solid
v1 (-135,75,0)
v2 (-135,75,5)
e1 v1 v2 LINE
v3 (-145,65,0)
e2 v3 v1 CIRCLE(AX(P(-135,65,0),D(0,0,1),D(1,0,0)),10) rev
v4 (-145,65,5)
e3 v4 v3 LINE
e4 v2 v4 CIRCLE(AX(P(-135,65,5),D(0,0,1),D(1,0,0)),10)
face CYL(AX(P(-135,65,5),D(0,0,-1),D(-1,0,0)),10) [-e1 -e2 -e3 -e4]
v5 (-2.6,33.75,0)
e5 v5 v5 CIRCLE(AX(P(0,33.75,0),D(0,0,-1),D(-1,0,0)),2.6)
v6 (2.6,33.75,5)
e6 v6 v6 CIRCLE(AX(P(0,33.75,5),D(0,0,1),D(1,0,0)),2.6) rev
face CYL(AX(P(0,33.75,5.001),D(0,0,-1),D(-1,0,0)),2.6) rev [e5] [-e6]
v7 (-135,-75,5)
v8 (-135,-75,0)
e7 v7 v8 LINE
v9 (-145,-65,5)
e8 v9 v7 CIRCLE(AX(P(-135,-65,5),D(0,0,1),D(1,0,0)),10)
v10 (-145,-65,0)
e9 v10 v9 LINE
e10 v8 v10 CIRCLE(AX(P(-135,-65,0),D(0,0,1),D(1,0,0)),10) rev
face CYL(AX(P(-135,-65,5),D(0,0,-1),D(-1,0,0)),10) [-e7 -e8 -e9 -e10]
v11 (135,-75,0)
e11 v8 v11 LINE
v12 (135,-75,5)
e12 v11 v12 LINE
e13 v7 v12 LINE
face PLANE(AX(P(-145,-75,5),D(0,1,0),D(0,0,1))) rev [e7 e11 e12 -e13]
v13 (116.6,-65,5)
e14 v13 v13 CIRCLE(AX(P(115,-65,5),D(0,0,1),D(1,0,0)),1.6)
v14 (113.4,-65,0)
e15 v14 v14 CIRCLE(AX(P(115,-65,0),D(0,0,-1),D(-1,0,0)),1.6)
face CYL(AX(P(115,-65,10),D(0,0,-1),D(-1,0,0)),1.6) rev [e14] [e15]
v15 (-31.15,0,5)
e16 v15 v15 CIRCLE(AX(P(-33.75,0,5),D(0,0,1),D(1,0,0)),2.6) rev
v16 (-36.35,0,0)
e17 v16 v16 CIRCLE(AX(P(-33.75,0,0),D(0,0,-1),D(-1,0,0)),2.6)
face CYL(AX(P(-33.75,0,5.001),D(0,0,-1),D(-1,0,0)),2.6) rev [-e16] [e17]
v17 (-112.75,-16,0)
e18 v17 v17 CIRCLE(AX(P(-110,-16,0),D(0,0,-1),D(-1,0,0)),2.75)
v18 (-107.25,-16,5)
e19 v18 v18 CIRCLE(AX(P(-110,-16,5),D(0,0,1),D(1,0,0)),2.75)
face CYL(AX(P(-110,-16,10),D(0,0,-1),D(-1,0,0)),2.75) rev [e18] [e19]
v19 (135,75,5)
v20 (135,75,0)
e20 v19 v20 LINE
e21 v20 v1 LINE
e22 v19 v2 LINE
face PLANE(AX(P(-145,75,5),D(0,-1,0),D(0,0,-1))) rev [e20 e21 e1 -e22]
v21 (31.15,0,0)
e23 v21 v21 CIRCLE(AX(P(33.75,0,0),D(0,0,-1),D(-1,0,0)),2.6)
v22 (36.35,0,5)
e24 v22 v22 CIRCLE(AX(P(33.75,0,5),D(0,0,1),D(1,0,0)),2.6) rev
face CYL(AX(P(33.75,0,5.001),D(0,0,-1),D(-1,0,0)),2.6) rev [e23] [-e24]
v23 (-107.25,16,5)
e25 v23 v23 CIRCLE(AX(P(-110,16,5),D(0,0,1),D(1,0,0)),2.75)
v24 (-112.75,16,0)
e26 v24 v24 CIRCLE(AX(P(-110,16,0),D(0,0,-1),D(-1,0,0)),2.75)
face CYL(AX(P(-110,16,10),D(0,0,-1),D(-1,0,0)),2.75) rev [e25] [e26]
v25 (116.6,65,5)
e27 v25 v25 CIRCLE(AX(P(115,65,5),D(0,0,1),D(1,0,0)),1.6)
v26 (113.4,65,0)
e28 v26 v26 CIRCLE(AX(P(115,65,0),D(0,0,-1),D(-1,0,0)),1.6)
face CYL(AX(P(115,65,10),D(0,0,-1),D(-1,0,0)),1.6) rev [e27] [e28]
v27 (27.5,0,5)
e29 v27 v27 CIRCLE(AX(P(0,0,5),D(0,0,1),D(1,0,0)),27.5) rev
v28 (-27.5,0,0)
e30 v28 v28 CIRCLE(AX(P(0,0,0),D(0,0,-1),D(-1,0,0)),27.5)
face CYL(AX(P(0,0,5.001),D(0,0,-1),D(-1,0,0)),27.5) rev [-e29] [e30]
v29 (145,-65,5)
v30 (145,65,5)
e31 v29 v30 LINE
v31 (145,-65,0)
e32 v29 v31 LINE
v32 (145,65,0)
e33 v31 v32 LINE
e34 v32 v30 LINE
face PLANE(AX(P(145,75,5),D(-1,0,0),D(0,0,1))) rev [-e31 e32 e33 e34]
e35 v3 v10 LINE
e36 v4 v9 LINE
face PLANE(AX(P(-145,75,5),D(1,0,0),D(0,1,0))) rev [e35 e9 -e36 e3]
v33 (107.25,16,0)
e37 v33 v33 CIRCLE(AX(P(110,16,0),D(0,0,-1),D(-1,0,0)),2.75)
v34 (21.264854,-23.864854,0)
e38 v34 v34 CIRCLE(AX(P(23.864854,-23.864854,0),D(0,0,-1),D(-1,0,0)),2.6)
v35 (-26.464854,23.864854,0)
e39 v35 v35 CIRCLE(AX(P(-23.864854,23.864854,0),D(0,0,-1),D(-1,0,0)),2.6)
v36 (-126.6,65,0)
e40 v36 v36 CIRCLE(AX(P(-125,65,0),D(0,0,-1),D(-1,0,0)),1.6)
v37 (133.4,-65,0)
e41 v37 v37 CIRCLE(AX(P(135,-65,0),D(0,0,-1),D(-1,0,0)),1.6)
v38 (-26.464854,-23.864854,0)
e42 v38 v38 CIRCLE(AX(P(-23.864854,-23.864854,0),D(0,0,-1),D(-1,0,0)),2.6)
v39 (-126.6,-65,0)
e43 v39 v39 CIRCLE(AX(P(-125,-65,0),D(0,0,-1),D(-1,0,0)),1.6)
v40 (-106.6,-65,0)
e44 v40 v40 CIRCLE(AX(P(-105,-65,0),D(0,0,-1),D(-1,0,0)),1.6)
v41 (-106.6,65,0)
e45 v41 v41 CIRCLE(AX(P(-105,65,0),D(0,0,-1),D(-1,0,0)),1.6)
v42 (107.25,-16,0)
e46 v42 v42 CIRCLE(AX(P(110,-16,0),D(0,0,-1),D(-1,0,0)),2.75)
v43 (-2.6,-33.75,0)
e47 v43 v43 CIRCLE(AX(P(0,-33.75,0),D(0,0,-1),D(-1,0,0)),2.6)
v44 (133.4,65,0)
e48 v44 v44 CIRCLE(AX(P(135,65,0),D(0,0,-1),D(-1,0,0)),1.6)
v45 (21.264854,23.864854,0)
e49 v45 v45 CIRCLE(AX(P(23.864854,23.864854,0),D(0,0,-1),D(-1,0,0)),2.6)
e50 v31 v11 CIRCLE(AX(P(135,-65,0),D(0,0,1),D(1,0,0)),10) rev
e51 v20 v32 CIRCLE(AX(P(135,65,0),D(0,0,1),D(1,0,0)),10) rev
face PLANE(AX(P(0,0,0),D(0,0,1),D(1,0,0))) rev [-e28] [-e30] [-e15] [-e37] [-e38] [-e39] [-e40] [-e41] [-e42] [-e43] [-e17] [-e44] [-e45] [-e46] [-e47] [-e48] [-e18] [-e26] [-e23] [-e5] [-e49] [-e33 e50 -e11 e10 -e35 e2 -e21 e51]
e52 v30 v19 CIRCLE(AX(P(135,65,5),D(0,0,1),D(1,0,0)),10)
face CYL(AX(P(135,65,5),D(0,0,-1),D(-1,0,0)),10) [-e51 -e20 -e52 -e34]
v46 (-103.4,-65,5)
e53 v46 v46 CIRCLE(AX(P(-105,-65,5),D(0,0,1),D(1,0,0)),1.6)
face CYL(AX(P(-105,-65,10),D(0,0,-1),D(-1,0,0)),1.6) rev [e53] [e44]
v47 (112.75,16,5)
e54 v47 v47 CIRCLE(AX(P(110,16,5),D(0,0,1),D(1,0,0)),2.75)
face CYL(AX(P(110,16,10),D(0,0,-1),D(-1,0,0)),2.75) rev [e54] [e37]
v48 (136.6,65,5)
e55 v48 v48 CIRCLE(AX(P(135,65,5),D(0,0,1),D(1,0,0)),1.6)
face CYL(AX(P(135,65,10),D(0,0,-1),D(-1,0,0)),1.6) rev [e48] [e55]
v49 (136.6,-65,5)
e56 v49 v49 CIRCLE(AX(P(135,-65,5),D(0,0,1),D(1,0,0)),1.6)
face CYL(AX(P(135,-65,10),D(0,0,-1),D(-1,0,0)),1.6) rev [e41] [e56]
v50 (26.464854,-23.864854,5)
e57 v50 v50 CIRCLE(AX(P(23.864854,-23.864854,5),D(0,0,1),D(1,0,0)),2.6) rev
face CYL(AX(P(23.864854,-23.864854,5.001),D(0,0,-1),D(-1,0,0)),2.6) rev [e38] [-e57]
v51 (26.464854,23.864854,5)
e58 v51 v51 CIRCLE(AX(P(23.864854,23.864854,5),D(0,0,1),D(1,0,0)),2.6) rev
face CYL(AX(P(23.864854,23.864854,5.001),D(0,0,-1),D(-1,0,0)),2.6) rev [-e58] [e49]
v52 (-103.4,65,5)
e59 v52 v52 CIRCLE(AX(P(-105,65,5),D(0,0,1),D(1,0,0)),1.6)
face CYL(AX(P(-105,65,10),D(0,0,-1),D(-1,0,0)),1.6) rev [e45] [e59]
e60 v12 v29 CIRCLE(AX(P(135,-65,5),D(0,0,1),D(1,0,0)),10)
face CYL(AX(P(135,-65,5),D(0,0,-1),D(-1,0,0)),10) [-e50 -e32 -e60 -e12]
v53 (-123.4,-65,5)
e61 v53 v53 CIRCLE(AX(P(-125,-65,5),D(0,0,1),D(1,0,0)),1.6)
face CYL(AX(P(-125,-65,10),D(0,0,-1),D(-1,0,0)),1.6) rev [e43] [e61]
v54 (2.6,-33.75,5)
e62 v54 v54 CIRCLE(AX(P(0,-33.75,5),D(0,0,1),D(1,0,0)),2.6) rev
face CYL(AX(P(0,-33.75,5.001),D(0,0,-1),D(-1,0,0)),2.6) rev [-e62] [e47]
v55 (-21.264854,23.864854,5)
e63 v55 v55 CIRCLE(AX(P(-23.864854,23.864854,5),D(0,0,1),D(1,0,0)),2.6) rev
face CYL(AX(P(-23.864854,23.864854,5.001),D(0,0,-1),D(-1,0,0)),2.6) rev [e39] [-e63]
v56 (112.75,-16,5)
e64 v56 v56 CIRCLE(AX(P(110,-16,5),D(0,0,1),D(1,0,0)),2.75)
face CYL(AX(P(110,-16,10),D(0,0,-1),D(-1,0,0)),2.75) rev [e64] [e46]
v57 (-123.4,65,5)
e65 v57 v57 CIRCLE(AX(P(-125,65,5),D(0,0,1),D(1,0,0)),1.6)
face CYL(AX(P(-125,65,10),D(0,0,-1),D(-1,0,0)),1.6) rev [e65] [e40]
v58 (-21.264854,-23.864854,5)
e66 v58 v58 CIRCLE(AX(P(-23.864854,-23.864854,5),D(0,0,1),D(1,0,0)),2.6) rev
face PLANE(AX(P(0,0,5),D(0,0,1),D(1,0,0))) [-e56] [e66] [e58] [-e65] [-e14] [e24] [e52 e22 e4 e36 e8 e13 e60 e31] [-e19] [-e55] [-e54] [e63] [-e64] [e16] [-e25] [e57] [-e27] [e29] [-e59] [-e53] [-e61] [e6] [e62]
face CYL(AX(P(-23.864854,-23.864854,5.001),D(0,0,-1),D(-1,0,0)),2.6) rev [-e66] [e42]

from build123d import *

# Parameters (mm, degrees)
SKETCH_1_W          = 290
SKETCH_1_H          = 150
EXTRUDE_1_DEPTH     = 5
CUT_EXTRUDE_2_REACH = 165.325
SKETCH_5_R          = 27.5
SKETCH_5_R_2        = 2.6
FILLET_1_R          = 10
SKETCH_6_R          = 2.75
CUT_EXTRUDE_3_DEPTH = 10
SKETCH_7_R          = 1.6
CUT_EXTRUDE_4_DEPTH = 10


with BuildPart() as part:
    # 草图1 → 凸台-拉伸1 (new body)
    with BuildSketch(Plane.XY):
        Rectangle(SKETCH_1_W, SKETCH_1_H)
    extrude(amount=EXTRUDE_1_DEPTH)

    # 草图5 → 切除-拉伸2 (cut, up to next)
    with BuildSketch(Plane(origin=(0, 0, 0), x_dir=(-1, 0, 0), z_dir=(0, 0, -1)), mode=Mode.PRIVATE) as cut_extrude_2_sk1:
        Circle(SKETCH_5_R)
    cut_extrude_2_tool1 = extrude(cut_extrude_2_sk1.sketch, amount=-CUT_EXTRUDE_2_REACH, mode=Mode.PRIVATE) & part.part
    # 草图5 → 切除-拉伸2 (cut, up to next)
    with BuildSketch(Plane(origin=(0, 0, 0), x_dir=(-1, 0, 0), z_dir=(0, 0, -1)), mode=Mode.PRIVATE) as cut_extrude_2_sk2:
        with Locations((23.864853865, 23.864853865)):
            Circle(SKETCH_5_R_2)
    cut_extrude_2_tool2 = extrude(cut_extrude_2_sk2.sketch, amount=-CUT_EXTRUDE_2_REACH, mode=Mode.PRIVATE) & part.part
    # 草图5 → 切除-拉伸2 (cut, up to next)
    with BuildSketch(Plane(origin=(0, 0, 0), x_dir=(-1, 0, 0), z_dir=(0, 0, -1)), mode=Mode.PRIVATE) as cut_extrude_2_sk3:
        with Locations((0, 33.75)):
            Circle(SKETCH_5_R_2)
    cut_extrude_2_tool3 = extrude(cut_extrude_2_sk3.sketch, amount=-CUT_EXTRUDE_2_REACH, mode=Mode.PRIVATE) & part.part
    # 草图5 → 切除-拉伸2 (cut, up to next)
    with BuildSketch(Plane(origin=(0, 0, 0), x_dir=(-1, 0, 0), z_dir=(0, 0, -1)), mode=Mode.PRIVATE) as cut_extrude_2_sk4:
        with Locations((-23.864853865, 23.864853865)):
            Circle(SKETCH_5_R_2)
    cut_extrude_2_tool4 = extrude(cut_extrude_2_sk4.sketch, amount=-CUT_EXTRUDE_2_REACH, mode=Mode.PRIVATE) & part.part
    # 草图5 → 切除-拉伸2 (cut, up to next)
    with BuildSketch(Plane(origin=(0, 0, 0), x_dir=(-1, 0, 0), z_dir=(0, 0, -1)), mode=Mode.PRIVATE) as cut_extrude_2_sk5:
        with Locations((-33.75, 0)):
            Circle(SKETCH_5_R_2)
    cut_extrude_2_tool5 = extrude(cut_extrude_2_sk5.sketch, amount=-CUT_EXTRUDE_2_REACH, mode=Mode.PRIVATE) & part.part
    # 草图5 → 切除-拉伸2 (cut, up to next)
    with BuildSketch(Plane(origin=(0, 0, 0), x_dir=(-1, 0, 0), z_dir=(0, 0, -1)), mode=Mode.PRIVATE) as cut_extrude_2_sk6:
        with Locations((-23.864853865, -23.864853865)):
            Circle(SKETCH_5_R_2)
    cut_extrude_2_tool6 = extrude(cut_extrude_2_sk6.sketch, amount=-CUT_EXTRUDE_2_REACH, mode=Mode.PRIVATE) & part.part
    # 草图5 → 切除-拉伸2 (cut, up to next)
    with BuildSketch(Plane(origin=(0, 0, 0), x_dir=(-1, 0, 0), z_dir=(0, 0, -1)), mode=Mode.PRIVATE) as cut_extrude_2_sk7:
        with Locations((0, -33.75)):
            Circle(SKETCH_5_R_2)
    cut_extrude_2_tool7 = extrude(cut_extrude_2_sk7.sketch, amount=-CUT_EXTRUDE_2_REACH, mode=Mode.PRIVATE) & part.part
    # 草图5 → 切除-拉伸2 (cut, up to next)
    with BuildSketch(Plane(origin=(0, 0, 0), x_dir=(-1, 0, 0), z_dir=(0, 0, -1)), mode=Mode.PRIVATE) as cut_extrude_2_sk8:
        with Locations((23.864853865, -23.864853865)):
            Circle(SKETCH_5_R_2)
    cut_extrude_2_tool8 = extrude(cut_extrude_2_sk8.sketch, amount=-CUT_EXTRUDE_2_REACH, mode=Mode.PRIVATE) & part.part
    # 草图5 → 切除-拉伸2 (cut, up to next)
    with BuildSketch(Plane(origin=(0, 0, 0), x_dir=(-1, 0, 0), z_dir=(0, 0, -1)), mode=Mode.PRIVATE) as cut_extrude_2_sk9:
        with Locations((33.75, 0)):
            Circle(SKETCH_5_R_2)
    cut_extrude_2_tool9 = extrude(cut_extrude_2_sk9.sketch, amount=-CUT_EXTRUDE_2_REACH, mode=Mode.PRIVATE) & part.part
    add(cut_extrude_2_tool1.solids().sort_by_distance((0, 0, 0))[0], mode=Mode.SUBTRACT)
    add(cut_extrude_2_tool2.solids().sort_by_distance((-23.864854, 23.864854, 0))[0], mode=Mode.SUBTRACT)
    add(cut_extrude_2_tool3.solids().sort_by_distance((0, 33.75, 0))[0], mode=Mode.SUBTRACT)
    add(cut_extrude_2_tool4.solids().sort_by_distance((23.864854, 23.864854, 0))[0], mode=Mode.SUBTRACT)
    add(cut_extrude_2_tool5.solids().sort_by_distance((33.75, 0, 0))[0], mode=Mode.SUBTRACT)
    add(cut_extrude_2_tool6.solids().sort_by_distance((23.864854, -23.864854, 0))[0], mode=Mode.SUBTRACT)
    add(cut_extrude_2_tool7.solids().sort_by_distance((0, -33.75, 0))[0], mode=Mode.SUBTRACT)
    add(cut_extrude_2_tool8.solids().sort_by_distance((-23.864854, -23.864854, 0))[0], mode=Mode.SUBTRACT)
    add(cut_extrude_2_tool9.solids().sort_by_distance((-33.75, 0, 0))[0], mode=Mode.SUBTRACT)

    # 圆角1
    fillet_1_edges = [part.edges().sort_by_distance(p)[0] for p in [
        (145, -75, 2.5),
        (-145, -75, 2.5),
        (-145, 75, 2.5),
        (145, 75, 2.5),
    ]]
    fillet(fillet_1_edges, radius=FILLET_1_R)

    # 草图6 → 切除-拉伸3 (cut)
    with BuildSketch(Plane(origin=(0, 0, 0), x_dir=(-1, 0, 0), z_dir=(0, 0, -1))):
        with Locations((110, -16)):
            Circle(SKETCH_6_R)
        with Locations((-110, -16)):
            Circle(SKETCH_6_R)
        with Locations((-110, 16)):
            Circle(SKETCH_6_R)
        with Locations((110, 16)):
            Circle(SKETCH_6_R)
    extrude(amount=-CUT_EXTRUDE_3_DEPTH, mode=Mode.SUBTRACT)

    # 草图7 → 切除-拉伸4 (cut)
    with BuildSketch(Plane(origin=(0, 0, 0), x_dir=(-1, 0, 0), z_dir=(0, 0, -1))):
        with Locations((-135, 65)):
            Circle(SKETCH_7_R)
        with Locations((-115, 65)):
            Circle(SKETCH_7_R)
        with Locations((105, 65)):
            Circle(SKETCH_7_R)
        with Locations((125, 65)):
            Circle(SKETCH_7_R)
        with Locations((105, -65)):
            Circle(SKETCH_7_R)
        with Locations((125, -65)):
            Circle(SKETCH_7_R)
        with Locations((-135, -65)):
            Circle(SKETCH_7_R)
        with Locations((-115, -65)):
            Circle(SKETCH_7_R)
    extrude(amount=-CUT_EXTRUDE_4_DEPTH, mode=Mode.SUBTRACT)


solid = part.part
